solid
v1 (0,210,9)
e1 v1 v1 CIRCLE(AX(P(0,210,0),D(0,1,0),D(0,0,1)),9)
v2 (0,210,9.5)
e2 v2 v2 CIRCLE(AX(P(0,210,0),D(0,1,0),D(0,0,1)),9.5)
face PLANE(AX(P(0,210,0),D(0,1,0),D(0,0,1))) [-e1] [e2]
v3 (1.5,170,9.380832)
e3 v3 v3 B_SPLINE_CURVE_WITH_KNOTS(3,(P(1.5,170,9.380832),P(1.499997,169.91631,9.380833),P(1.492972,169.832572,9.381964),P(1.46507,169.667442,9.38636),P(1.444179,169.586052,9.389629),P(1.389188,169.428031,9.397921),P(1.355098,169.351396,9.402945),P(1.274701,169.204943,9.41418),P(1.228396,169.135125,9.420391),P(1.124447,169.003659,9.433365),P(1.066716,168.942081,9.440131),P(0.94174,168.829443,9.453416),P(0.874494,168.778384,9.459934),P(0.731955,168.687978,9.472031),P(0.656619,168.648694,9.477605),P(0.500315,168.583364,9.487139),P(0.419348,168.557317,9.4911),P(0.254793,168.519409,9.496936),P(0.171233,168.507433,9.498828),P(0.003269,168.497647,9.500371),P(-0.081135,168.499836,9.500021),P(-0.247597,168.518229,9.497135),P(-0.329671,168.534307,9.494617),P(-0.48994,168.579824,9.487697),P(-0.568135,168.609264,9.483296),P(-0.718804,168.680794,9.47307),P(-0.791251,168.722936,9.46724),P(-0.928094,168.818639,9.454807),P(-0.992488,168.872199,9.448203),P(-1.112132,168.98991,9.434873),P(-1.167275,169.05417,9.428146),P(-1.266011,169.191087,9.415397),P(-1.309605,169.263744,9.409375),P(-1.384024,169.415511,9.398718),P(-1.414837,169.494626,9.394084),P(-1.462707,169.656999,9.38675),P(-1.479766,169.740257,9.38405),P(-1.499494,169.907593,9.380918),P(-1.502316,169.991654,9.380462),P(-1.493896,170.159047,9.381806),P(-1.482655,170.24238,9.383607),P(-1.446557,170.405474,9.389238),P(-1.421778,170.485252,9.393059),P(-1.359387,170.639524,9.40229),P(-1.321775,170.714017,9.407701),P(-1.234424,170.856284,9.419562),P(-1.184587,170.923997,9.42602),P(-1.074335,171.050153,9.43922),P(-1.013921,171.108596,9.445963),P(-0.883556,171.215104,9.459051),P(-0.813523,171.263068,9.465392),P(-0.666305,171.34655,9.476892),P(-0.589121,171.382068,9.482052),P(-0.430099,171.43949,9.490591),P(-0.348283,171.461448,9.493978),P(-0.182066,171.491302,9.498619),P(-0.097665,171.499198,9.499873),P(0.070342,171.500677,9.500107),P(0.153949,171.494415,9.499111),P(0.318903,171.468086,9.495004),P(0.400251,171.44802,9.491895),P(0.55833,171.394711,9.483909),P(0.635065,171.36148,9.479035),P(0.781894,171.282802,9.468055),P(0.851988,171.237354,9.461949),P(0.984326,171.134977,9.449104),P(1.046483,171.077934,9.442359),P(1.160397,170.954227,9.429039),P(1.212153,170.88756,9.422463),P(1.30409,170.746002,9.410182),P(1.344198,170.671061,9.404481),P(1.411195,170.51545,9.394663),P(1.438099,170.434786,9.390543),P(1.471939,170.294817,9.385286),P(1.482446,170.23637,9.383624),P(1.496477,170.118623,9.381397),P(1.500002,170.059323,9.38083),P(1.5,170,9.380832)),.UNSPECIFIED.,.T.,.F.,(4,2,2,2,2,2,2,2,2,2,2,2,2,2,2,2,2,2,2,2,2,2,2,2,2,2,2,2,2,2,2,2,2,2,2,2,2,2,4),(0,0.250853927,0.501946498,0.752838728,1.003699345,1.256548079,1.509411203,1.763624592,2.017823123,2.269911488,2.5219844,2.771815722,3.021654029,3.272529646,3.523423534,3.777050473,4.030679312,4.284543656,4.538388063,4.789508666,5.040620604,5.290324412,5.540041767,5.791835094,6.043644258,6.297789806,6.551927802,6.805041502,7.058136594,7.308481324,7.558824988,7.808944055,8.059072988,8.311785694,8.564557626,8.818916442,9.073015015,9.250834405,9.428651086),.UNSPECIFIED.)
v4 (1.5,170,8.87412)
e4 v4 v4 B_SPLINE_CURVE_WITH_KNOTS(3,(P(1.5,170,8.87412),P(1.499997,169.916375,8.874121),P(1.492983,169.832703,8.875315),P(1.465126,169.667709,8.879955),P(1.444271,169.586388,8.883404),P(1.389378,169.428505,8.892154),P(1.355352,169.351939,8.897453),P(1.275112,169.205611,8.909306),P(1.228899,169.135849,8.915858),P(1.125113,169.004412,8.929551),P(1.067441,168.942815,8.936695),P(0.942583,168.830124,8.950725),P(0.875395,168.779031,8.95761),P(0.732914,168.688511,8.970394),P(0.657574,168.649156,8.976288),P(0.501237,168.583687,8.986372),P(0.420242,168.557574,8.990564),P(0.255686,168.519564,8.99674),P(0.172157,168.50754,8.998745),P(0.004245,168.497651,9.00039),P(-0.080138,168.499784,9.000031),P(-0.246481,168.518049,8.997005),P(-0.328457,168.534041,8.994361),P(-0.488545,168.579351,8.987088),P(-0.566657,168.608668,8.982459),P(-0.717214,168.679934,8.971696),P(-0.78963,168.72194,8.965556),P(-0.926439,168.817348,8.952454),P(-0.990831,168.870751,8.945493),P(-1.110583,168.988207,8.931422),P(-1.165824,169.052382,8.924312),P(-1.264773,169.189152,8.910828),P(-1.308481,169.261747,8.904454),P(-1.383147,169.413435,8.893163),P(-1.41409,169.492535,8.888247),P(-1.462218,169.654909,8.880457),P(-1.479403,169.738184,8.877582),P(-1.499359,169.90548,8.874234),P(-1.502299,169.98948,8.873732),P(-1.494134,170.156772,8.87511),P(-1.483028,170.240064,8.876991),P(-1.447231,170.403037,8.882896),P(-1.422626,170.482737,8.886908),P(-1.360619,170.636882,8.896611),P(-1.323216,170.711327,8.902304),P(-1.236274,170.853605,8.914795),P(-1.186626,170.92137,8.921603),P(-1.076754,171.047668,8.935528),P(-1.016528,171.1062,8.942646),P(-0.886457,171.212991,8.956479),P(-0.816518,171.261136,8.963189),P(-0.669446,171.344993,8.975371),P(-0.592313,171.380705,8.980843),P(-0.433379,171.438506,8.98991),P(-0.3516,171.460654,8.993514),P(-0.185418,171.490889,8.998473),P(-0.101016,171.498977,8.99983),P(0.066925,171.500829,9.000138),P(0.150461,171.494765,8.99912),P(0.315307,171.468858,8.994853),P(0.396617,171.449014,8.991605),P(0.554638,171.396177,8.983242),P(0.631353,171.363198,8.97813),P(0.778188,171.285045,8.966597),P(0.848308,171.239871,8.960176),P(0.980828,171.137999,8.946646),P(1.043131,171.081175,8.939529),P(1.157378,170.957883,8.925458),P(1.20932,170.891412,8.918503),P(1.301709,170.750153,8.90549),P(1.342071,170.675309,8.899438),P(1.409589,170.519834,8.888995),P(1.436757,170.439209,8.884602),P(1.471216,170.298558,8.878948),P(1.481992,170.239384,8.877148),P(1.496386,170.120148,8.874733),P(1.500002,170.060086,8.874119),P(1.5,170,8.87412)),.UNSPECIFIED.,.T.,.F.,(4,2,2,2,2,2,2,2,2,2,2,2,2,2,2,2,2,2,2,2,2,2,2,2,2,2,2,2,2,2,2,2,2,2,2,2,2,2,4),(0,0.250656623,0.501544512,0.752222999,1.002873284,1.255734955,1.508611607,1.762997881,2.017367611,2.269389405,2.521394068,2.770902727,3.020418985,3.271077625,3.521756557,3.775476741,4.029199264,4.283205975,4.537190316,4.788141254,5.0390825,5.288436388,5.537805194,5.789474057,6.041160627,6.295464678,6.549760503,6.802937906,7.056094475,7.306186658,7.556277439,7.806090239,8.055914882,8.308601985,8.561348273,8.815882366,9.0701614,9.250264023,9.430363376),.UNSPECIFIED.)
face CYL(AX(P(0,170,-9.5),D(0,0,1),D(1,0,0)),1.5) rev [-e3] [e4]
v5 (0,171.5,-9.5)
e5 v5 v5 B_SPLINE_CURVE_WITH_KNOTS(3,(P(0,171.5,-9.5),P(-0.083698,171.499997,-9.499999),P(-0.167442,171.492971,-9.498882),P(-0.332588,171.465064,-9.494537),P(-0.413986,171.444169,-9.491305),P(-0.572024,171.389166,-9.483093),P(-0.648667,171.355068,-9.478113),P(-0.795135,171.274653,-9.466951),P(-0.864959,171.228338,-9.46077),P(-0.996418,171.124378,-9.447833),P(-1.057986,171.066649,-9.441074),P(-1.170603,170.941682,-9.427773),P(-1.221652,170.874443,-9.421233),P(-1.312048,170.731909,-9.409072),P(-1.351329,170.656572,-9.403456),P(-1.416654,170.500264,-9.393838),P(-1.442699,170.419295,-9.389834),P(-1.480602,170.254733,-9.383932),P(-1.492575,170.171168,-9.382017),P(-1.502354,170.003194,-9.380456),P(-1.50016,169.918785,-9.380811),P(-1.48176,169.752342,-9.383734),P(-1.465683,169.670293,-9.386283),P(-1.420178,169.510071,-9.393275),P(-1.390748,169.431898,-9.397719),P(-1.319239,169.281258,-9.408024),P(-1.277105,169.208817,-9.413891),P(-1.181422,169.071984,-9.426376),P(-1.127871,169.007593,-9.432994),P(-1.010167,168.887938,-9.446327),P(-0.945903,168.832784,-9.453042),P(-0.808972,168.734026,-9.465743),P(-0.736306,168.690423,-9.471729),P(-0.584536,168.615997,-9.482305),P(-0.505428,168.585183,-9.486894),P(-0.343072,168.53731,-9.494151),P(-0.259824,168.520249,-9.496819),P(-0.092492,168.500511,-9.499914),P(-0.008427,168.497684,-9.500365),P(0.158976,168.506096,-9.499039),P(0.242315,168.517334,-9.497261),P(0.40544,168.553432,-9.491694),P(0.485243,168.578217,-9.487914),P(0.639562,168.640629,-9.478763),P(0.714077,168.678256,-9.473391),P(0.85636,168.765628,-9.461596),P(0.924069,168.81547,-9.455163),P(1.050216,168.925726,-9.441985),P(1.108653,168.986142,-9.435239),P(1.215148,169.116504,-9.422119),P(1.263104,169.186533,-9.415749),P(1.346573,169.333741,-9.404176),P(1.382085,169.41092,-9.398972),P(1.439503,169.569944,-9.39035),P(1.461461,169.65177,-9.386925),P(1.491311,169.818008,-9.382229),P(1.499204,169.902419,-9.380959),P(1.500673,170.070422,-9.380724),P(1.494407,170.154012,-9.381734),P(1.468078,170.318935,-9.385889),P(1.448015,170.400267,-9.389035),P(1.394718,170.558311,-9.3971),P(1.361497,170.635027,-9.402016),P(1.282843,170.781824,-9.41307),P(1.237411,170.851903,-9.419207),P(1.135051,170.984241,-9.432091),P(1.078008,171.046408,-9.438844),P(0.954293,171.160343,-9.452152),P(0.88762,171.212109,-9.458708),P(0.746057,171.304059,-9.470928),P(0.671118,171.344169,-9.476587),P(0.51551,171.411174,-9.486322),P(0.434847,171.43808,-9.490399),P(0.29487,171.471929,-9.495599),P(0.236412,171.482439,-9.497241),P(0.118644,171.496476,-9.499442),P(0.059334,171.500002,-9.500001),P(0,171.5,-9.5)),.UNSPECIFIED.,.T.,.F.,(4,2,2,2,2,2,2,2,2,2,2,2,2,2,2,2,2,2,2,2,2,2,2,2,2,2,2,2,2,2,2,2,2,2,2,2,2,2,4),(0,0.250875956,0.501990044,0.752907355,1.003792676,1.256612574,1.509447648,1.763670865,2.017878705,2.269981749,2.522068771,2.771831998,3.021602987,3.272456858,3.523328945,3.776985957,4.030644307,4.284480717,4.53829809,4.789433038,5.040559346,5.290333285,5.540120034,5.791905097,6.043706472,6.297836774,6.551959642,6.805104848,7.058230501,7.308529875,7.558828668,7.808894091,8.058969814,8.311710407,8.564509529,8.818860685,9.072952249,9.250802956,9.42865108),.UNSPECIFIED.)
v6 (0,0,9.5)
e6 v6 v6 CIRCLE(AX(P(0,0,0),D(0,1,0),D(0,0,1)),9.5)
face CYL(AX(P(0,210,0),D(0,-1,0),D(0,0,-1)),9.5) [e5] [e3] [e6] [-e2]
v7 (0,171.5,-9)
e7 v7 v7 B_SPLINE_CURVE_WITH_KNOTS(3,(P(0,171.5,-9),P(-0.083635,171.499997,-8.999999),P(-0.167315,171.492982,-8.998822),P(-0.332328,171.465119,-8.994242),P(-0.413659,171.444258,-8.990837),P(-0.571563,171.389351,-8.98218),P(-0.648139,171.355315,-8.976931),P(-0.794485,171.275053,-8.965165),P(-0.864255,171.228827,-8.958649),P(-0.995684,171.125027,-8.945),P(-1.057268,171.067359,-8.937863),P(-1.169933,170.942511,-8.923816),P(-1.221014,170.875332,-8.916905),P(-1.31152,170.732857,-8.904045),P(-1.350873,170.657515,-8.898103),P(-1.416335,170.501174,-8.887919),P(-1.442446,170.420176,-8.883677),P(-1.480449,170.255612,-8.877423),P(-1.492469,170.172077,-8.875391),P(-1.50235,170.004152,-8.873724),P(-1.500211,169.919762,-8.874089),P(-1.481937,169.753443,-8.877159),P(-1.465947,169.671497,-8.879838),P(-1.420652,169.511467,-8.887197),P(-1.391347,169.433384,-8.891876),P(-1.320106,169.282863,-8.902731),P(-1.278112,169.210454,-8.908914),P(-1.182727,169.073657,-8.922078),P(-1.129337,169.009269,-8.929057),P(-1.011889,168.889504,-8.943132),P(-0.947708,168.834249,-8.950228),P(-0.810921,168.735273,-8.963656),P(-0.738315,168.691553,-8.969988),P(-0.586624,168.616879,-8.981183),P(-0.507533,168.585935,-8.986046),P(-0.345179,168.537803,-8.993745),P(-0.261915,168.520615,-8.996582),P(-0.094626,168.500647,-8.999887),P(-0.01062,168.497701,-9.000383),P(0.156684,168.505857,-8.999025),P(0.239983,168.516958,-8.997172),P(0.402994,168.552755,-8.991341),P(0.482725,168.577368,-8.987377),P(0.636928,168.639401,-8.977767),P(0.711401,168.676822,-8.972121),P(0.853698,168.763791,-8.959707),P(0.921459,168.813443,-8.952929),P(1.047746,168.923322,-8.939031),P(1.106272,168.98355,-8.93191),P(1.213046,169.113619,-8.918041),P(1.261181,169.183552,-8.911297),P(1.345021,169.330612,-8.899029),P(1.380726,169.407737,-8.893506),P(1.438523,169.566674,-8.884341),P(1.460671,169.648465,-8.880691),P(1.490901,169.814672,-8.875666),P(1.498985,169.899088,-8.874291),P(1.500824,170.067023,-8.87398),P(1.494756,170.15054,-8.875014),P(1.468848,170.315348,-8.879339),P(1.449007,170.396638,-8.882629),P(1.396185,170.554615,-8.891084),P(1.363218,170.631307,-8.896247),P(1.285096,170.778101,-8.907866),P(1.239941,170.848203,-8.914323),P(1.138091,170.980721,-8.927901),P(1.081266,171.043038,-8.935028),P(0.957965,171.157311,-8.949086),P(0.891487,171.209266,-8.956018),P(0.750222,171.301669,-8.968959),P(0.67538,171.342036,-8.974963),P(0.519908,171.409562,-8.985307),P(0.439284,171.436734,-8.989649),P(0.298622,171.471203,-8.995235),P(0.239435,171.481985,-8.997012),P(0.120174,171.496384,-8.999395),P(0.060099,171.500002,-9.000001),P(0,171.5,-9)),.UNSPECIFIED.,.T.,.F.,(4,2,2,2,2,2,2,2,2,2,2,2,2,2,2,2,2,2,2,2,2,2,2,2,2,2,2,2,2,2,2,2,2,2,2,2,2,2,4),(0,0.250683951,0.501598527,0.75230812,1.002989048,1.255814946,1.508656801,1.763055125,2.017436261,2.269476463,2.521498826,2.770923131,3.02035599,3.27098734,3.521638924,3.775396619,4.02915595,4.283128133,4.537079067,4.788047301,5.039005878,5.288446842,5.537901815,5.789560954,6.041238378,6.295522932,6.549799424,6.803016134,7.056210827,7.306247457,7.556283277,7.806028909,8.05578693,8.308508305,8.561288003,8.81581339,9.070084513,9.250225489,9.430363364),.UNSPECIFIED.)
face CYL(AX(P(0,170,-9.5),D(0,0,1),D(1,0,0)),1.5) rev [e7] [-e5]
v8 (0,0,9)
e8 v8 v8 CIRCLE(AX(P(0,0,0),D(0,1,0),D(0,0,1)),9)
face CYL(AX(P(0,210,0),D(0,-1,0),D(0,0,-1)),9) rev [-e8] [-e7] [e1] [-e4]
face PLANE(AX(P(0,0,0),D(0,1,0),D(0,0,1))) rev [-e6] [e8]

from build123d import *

# Parameters (mm, degrees)
SKETCH1_R               = 9.5
SKETCH1_R_2             = 9
BOSS_EXTRUDE1_DEPTH     = 210
SKETCH2_R               = 1.5
CUT_EXTRUDE1_DEPTH      = 10.5
CUT_EXTRUDE1_DEPTH_BACK = 10.5


with BuildPart() as part:
    # Sketch1 → Boss-Extrude1 (new body)
    with BuildSketch(Plane(origin=(0, 0, 0), x_dir=(1, 0, 0), z_dir=(0, 1, 0))):
        Circle(SKETCH1_R)
        Circle(SKETCH1_R_2, mode=Mode.SUBTRACT)
    extrude(amount=BOSS_EXTRUDE1_DEPTH)

    # Sketch2 → Cut-Extrude1 (cut, two sides)
    with BuildSketch(Plane.XY) as cut_extrude1_sk:
        with Locations((0, 170)):
            Circle(SKETCH2_R)
    extrude(amount=CUT_EXTRUDE1_DEPTH, mode=Mode.SUBTRACT)
    extrude(cut_extrude1_sk.sketch, amount=-CUT_EXTRUDE1_DEPTH_BACK, mode=Mode.SUBTRACT)


solid = part.part
